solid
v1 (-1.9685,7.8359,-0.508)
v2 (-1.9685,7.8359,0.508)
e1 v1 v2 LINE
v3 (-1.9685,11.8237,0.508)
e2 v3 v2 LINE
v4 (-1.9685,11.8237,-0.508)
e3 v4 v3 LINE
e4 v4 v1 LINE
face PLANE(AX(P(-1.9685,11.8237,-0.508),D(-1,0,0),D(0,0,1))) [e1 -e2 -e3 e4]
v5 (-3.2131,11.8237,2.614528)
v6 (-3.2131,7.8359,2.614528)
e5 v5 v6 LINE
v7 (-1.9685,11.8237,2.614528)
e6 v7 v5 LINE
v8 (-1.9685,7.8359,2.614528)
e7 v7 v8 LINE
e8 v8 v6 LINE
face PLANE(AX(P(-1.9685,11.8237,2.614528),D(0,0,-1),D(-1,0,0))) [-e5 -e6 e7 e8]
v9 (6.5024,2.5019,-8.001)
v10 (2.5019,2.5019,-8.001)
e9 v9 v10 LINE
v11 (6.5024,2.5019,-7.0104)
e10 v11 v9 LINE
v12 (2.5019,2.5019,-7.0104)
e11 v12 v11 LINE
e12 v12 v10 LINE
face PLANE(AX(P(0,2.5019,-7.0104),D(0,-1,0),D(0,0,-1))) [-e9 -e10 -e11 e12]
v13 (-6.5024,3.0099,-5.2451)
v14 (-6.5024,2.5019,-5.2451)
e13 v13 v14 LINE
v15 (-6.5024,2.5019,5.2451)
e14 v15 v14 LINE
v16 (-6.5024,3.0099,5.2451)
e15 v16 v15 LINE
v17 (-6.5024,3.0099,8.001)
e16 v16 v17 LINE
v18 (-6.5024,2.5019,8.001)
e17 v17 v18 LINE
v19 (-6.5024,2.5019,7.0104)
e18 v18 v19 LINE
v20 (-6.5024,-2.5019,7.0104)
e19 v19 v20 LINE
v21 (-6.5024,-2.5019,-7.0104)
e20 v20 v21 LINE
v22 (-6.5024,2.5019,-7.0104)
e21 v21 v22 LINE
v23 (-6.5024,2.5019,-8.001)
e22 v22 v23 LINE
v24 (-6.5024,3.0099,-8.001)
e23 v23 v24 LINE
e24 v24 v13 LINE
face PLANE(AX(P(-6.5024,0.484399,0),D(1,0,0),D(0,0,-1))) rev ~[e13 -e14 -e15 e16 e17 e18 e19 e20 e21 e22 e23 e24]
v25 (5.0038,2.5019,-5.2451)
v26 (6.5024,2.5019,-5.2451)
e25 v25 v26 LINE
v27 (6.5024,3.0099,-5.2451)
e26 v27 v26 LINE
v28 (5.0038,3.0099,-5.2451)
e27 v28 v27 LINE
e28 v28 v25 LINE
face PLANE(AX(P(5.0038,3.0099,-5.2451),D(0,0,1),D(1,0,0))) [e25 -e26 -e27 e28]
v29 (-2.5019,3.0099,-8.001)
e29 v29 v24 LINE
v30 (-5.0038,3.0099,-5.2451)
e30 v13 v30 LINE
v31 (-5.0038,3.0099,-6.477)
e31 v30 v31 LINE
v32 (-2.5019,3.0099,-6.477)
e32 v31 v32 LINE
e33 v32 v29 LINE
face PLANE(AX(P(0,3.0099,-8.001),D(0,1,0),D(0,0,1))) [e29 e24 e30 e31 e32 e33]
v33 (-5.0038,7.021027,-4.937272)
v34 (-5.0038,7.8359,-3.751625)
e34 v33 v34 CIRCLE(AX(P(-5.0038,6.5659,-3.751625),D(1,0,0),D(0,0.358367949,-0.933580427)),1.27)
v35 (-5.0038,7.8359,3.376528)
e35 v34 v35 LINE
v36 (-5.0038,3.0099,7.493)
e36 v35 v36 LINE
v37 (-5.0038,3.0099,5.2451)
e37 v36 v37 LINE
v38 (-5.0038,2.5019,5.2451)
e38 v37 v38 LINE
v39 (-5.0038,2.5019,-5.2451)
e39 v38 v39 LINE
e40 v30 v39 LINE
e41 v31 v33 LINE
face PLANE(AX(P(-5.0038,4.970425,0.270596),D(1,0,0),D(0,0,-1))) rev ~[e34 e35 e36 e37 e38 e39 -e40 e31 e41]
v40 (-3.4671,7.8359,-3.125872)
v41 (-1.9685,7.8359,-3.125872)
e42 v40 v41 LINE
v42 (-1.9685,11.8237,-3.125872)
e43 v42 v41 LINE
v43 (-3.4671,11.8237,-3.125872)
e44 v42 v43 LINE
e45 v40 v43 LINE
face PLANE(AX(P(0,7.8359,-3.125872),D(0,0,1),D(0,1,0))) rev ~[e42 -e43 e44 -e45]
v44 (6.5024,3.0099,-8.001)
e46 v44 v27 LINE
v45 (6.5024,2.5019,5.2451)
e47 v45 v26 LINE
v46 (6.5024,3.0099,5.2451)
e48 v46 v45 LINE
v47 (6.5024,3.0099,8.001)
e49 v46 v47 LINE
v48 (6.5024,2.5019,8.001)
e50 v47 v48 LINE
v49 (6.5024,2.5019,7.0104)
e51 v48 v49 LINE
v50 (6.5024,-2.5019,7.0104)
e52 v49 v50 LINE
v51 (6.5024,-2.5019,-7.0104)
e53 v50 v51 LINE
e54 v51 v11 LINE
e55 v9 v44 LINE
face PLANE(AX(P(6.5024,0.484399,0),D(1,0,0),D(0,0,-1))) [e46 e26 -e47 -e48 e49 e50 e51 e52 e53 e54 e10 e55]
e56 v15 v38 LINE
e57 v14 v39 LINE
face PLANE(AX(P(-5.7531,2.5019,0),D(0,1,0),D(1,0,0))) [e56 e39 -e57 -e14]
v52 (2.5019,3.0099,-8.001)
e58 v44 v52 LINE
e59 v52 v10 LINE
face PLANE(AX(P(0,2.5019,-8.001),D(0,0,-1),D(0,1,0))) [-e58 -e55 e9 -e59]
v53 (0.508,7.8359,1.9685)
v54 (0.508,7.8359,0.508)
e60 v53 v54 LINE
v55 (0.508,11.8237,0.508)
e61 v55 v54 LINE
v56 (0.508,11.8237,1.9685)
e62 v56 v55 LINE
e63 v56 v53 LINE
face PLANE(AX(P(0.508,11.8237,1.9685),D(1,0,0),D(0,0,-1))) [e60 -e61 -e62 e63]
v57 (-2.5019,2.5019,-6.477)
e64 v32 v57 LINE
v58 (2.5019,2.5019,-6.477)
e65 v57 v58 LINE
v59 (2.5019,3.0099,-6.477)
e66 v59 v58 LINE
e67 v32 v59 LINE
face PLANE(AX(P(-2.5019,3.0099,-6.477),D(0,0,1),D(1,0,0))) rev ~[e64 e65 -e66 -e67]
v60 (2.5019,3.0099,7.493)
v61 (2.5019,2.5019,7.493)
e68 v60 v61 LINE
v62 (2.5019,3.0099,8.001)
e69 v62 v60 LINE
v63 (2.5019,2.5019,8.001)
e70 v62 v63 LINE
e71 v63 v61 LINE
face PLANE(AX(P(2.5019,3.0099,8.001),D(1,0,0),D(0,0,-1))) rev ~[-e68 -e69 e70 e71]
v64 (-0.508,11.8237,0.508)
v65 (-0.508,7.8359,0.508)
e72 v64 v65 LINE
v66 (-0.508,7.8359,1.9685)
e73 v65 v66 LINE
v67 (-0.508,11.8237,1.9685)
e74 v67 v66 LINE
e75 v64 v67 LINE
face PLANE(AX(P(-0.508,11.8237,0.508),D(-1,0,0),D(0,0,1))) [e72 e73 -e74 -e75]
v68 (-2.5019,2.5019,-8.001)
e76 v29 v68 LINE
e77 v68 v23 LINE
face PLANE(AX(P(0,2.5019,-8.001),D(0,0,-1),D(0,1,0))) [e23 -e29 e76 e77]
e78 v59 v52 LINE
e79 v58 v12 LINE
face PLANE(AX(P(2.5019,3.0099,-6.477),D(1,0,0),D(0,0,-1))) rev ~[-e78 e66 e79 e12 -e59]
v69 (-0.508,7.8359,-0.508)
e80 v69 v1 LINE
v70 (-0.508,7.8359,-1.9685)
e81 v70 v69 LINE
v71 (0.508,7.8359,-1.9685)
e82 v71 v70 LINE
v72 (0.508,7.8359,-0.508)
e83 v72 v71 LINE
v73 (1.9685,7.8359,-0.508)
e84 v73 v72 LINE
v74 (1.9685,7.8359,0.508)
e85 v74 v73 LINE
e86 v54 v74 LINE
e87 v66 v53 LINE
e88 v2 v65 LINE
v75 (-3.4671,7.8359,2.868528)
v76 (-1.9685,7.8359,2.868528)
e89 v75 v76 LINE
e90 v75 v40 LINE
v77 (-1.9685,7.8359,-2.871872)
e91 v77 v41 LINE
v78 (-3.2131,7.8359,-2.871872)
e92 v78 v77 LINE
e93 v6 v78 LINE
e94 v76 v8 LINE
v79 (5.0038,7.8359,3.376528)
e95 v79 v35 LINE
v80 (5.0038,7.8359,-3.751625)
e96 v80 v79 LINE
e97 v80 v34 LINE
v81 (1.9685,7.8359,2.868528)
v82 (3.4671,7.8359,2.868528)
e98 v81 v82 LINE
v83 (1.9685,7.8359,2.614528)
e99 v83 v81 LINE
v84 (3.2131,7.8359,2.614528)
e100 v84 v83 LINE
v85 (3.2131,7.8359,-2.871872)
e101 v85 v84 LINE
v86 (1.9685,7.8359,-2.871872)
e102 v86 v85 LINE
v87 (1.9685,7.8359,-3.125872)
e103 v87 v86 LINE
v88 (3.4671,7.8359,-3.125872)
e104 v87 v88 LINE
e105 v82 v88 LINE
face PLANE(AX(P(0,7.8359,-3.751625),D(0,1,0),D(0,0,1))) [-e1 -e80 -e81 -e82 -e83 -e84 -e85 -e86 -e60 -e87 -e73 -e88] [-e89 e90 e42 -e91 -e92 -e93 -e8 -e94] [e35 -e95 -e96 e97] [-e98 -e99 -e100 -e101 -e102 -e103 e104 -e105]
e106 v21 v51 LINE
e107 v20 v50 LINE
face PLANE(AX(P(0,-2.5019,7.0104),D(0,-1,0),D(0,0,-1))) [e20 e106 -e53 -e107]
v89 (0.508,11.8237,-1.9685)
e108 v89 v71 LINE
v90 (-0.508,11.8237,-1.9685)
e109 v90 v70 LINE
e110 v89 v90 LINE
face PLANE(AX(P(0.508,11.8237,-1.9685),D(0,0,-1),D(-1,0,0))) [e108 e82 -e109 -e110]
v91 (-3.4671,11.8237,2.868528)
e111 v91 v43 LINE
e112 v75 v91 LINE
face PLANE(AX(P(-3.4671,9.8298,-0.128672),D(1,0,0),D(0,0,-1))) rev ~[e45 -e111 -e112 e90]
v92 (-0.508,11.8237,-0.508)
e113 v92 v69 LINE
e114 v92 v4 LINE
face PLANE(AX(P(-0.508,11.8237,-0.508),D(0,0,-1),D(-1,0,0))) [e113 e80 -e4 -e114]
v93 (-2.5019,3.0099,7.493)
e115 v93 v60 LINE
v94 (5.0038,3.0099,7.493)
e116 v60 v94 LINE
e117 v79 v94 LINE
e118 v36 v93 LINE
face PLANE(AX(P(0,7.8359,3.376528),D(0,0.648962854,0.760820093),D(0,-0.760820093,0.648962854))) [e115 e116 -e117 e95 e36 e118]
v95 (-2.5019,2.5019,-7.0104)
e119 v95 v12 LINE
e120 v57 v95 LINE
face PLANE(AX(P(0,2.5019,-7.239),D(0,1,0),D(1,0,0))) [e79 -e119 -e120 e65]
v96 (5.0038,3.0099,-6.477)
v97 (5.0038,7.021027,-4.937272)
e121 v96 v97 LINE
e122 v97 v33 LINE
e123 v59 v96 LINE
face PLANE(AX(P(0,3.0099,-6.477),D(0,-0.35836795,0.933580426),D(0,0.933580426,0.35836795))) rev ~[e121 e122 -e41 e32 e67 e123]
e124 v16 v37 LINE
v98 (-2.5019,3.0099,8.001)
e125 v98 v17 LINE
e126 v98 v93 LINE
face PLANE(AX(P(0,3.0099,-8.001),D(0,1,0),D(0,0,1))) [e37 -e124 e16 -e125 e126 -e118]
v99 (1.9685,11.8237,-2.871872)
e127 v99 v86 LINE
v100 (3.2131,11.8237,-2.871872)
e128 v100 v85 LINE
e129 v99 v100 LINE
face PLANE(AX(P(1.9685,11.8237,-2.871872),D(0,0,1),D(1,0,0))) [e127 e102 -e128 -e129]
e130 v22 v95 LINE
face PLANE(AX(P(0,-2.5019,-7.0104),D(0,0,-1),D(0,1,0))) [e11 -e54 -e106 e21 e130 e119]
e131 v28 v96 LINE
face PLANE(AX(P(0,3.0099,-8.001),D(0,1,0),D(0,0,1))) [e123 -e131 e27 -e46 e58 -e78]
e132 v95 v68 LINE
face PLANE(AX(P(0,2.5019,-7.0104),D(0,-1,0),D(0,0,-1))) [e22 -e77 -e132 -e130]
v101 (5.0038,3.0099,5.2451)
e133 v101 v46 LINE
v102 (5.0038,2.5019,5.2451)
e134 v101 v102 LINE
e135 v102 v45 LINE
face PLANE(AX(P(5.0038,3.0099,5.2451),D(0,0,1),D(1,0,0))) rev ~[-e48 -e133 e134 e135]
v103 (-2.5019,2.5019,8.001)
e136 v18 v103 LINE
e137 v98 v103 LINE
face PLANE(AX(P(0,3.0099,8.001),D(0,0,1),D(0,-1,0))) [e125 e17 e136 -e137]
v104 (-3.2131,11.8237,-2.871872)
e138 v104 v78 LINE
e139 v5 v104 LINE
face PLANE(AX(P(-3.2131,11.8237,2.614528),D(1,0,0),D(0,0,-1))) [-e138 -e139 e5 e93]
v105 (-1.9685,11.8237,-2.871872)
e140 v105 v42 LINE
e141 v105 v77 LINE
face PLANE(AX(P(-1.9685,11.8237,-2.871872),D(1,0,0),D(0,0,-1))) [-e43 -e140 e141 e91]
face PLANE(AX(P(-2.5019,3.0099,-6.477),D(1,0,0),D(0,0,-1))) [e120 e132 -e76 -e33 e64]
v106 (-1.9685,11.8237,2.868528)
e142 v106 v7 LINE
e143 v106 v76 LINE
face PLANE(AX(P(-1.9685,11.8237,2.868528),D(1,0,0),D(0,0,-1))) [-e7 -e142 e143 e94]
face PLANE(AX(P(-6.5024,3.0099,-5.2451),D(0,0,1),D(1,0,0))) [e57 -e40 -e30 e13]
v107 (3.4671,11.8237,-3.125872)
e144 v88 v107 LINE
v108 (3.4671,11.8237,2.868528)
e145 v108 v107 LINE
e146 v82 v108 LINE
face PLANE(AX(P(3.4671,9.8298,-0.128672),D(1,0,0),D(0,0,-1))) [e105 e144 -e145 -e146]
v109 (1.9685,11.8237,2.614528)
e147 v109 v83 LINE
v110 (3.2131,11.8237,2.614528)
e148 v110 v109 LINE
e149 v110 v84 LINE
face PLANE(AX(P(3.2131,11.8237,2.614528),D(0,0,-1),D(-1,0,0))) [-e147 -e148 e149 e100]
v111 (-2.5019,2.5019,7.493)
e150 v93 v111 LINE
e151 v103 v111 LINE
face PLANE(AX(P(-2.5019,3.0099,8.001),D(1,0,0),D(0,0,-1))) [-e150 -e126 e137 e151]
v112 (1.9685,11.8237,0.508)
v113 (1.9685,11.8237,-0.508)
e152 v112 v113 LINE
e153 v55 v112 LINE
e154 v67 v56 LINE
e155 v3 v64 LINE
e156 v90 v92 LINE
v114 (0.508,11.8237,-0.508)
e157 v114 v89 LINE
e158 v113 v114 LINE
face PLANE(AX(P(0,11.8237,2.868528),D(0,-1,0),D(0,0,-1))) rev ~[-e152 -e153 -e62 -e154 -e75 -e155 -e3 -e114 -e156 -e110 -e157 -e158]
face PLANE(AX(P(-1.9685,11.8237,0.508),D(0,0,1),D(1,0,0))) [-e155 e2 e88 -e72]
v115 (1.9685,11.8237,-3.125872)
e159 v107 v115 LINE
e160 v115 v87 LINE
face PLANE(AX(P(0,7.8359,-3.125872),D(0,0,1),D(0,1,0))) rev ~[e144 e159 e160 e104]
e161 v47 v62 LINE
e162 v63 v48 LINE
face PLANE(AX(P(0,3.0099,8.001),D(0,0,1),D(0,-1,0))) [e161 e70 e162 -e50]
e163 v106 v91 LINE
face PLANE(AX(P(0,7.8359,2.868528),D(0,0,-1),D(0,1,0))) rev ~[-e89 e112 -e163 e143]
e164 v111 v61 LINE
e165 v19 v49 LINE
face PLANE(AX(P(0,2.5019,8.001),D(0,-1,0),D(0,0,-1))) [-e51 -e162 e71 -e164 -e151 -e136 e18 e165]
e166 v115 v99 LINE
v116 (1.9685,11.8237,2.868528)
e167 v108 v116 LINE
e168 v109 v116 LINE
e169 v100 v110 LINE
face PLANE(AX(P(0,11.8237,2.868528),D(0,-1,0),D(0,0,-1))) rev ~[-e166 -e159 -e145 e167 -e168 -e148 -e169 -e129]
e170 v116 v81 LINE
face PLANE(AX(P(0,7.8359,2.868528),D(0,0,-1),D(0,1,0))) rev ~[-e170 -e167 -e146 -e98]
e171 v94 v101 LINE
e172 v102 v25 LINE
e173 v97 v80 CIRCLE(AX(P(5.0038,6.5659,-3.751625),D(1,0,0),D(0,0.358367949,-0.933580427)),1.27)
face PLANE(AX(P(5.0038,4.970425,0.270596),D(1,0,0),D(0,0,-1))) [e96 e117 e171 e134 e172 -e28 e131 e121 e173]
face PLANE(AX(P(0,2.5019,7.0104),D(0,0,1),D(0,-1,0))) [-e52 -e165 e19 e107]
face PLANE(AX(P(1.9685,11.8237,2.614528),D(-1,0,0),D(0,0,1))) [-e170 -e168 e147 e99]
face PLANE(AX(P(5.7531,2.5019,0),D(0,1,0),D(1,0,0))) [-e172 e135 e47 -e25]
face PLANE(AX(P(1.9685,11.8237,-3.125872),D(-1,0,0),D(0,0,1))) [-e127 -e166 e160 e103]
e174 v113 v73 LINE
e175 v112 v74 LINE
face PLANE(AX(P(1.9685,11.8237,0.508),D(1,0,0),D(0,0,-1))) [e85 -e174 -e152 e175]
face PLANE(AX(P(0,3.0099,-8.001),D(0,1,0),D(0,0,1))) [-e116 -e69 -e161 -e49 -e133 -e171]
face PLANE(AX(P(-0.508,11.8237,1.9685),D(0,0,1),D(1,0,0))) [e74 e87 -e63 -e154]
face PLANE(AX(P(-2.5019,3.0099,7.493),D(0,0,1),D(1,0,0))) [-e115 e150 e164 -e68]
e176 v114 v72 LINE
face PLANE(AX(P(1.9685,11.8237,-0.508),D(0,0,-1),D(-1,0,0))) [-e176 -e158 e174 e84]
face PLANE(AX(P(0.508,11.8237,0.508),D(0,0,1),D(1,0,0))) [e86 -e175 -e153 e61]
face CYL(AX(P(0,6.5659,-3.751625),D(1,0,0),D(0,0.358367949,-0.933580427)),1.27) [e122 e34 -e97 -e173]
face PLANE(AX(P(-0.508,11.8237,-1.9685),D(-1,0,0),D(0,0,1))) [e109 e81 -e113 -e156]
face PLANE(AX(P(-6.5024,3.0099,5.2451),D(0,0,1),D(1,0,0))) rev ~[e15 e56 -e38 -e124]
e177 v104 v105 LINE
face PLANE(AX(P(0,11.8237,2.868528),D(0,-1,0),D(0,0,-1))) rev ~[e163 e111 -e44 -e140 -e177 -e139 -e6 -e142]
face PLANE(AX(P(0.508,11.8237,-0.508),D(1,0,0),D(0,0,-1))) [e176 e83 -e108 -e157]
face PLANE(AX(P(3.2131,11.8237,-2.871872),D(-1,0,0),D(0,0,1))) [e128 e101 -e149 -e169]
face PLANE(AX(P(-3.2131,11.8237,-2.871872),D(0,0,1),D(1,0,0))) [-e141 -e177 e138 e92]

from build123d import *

# Parameters (mm, degrees)
SALIENTE_EXTRUIR1_DEPTH      = 6.5024
SALIENTE_EXTRUIR1_DEPTH_BACK = 6.5024
SALIENTE_EXTRUIR2_DEPTH      = 5.0038
SALIENTE_EXTRUIR2_DEPTH_BACK = 5.0038
CROQUIS1_4_W                 = 5.9944
CROQUIS1_4_H                 = 3.9878
SALIENTE_EXTRUIR3_DEPTH      = 3.4671
SALIENTE_EXTRUIR3_DEPTH_BACK = 3.4671
CROQUIS2_W                   = 5.0038
CROQUIS2_H                   = 0.508
CROQUIS2_H_2                 = 1.524
CROQUIS2_W_2                 = 1.4986
CROQUIS2_H_3                 = 10.4902
CORTAR_EXTRUIR1_DEPTH        = 0.508
CROQUIS3_OUTSIDE_W           = 20.026
CROQUIS3_OUTSIDE_H           = 23.024
CORTAR_EXTRUIR2_DEPTH        = 3.9878


with BuildPart() as part:
    # Croquis1 → Saliente-Extruir1 (new body, two sides)
    with BuildSketch(Plane(origin=(0, 0, 0), x_dir=(0, 0, -1), z_dir=(1, 0, 0))) as saliente_extruir1_sk:
        Polygon((-3.5052, 3.0099), (-7.493, 3.0099), (-8.001, 3.0099), (-8.001, 2.5019), (-7.0104, 2.5019), (-7.0104, -2.5019), (7.0104, -2.5019), (7.0104, 2.5019), (8.001, 2.5019), (8.001, 3.0099), (6.477, 3.0099), align=None)
    extrude(amount=SALIENTE_EXTRUIR1_DEPTH)
    extrude(saliente_extruir1_sk.sketch, amount=-SALIENTE_EXTRUIR1_DEPTH_BACK)

    # Croquis1<3> → Saliente-Extruir2 (add, two sides)
    with BuildSketch(Plane(origin=(0, 0, 0), x_dir=(0, 0, -1), z_dir=(1, 0, 0))) as saliente_extruir2_sk:
        with BuildLine():
            Line((-2.868527833, 7.8359), (-3.376527833, 7.8359))
            Line((-3.376527833, 7.8359), (-7.493, 3.0099))
            Line((-7.493, 3.0099), (-3.5052, 3.0099))
            Line((-3.5052, 3.0099), (6.477, 3.0099))
            Line((6.477, 3.0099), (4.937272491, 7.021027296))
            ThreePointArc((4.937272491, 7.021027296), (4.47096127, 7.61254026), (3.751625349, 7.8359))
            Line((3.751625349, 7.8359), (3.125872167, 7.8359))
            Line((3.125872167, 7.8359), (-2.868527833, 7.8359))
        make_face()
    extrude(amount=SALIENTE_EXTRUIR2_DEPTH)
    extrude(saliente_extruir2_sk.sketch, amount=-SALIENTE_EXTRUIR2_DEPTH_BACK)

    # Croquis1<4> → Saliente-Extruir3 (add, two sides)
    with BuildSketch(Plane(origin=(0, 0, 0), x_dir=(0, 0, -1), z_dir=(1, 0, 0))) as saliente_extruir3_sk:
        with Locations((0.128672167, 9.8298)):
            Rectangle(CROQUIS1_4_W, CROQUIS1_4_H)
    extrude(amount=SALIENTE_EXTRUIR3_DEPTH)
    extrude(saliente_extruir3_sk.sketch, amount=-SALIENTE_EXTRUIR3_DEPTH_BACK)

    # Croquis2 → Cortar-Extruir1 (cut)
    with BuildSketch(Plane(origin=(0, 3.0099, 0), x_dir=(1, 0, 0), z_dir=(0, 1, 0))):
        with Locations((0, -7.747)):
            Rectangle(CROQUIS2_W, CROQUIS2_H)
        with Locations((0, 7.239)):
            Rectangle(CROQUIS2_W, CROQUIS2_H_2)
        with Locations((-5.7531, 0)):
            Rectangle(CROQUIS2_W_2, CROQUIS2_H_3)
        with Locations((5.7531, 0)):
            Rectangle(CROQUIS2_W_2, CROQUIS2_H_3)
    extrude(amount=-CORTAR_EXTRUIR1_DEPTH, mode=Mode.SUBTRACT)

    # Croquis3 outside → Cortar-Extruir2 (cut)
    with BuildSketch(Plane(origin=(0, 11.8237, 0), x_dir=(1, 0, 0), z_dir=(0, 1, 0))):
        Rectangle(CROQUIS3_OUTSIDE_W, CROQUIS3_OUTSIDE_H)
        Polygon((-3.4671, 3.125872167), (-3.4671, -2.868527833), (-1.9685, -2.868527833), (-1.9685, -2.614527833), (-3.2131, -2.614527833), (-3.2131, 2.871872167), (-1.9685, 2.871872167), (-1.9685, 3.125872167), align=None, mode=Mode.SUBTRACT)
        Polygon((0.508, 1.9685), (-0.508, 1.9685), (-0.508, 0.508), (-1.9685, 0.508), (-1.9685, -0.508), (-0.508, -0.508), (-0.508, -1.9685), (0.508, -1.9685), (0.508, -0.508), (1.9685, -0.508), (1.9685, 0.508), (0.508, 0.508), align=None, mode=Mode.SUBTRACT)
        Polygon((3.2131, 2.871872167), (3.2131, -2.614527833), (1.9685, -2.614527833), (1.9685, -2.868527833), (3.4671, -2.868527833), (3.4671, 3.125872167), (1.9685, 3.125872167), (1.9685, 2.871872167), align=None, mode=Mode.SUBTRACT)
    extrude(amount=-CORTAR_EXTRUIR2_DEPTH, mode=Mode.SUBTRACT)


solid = part.part
